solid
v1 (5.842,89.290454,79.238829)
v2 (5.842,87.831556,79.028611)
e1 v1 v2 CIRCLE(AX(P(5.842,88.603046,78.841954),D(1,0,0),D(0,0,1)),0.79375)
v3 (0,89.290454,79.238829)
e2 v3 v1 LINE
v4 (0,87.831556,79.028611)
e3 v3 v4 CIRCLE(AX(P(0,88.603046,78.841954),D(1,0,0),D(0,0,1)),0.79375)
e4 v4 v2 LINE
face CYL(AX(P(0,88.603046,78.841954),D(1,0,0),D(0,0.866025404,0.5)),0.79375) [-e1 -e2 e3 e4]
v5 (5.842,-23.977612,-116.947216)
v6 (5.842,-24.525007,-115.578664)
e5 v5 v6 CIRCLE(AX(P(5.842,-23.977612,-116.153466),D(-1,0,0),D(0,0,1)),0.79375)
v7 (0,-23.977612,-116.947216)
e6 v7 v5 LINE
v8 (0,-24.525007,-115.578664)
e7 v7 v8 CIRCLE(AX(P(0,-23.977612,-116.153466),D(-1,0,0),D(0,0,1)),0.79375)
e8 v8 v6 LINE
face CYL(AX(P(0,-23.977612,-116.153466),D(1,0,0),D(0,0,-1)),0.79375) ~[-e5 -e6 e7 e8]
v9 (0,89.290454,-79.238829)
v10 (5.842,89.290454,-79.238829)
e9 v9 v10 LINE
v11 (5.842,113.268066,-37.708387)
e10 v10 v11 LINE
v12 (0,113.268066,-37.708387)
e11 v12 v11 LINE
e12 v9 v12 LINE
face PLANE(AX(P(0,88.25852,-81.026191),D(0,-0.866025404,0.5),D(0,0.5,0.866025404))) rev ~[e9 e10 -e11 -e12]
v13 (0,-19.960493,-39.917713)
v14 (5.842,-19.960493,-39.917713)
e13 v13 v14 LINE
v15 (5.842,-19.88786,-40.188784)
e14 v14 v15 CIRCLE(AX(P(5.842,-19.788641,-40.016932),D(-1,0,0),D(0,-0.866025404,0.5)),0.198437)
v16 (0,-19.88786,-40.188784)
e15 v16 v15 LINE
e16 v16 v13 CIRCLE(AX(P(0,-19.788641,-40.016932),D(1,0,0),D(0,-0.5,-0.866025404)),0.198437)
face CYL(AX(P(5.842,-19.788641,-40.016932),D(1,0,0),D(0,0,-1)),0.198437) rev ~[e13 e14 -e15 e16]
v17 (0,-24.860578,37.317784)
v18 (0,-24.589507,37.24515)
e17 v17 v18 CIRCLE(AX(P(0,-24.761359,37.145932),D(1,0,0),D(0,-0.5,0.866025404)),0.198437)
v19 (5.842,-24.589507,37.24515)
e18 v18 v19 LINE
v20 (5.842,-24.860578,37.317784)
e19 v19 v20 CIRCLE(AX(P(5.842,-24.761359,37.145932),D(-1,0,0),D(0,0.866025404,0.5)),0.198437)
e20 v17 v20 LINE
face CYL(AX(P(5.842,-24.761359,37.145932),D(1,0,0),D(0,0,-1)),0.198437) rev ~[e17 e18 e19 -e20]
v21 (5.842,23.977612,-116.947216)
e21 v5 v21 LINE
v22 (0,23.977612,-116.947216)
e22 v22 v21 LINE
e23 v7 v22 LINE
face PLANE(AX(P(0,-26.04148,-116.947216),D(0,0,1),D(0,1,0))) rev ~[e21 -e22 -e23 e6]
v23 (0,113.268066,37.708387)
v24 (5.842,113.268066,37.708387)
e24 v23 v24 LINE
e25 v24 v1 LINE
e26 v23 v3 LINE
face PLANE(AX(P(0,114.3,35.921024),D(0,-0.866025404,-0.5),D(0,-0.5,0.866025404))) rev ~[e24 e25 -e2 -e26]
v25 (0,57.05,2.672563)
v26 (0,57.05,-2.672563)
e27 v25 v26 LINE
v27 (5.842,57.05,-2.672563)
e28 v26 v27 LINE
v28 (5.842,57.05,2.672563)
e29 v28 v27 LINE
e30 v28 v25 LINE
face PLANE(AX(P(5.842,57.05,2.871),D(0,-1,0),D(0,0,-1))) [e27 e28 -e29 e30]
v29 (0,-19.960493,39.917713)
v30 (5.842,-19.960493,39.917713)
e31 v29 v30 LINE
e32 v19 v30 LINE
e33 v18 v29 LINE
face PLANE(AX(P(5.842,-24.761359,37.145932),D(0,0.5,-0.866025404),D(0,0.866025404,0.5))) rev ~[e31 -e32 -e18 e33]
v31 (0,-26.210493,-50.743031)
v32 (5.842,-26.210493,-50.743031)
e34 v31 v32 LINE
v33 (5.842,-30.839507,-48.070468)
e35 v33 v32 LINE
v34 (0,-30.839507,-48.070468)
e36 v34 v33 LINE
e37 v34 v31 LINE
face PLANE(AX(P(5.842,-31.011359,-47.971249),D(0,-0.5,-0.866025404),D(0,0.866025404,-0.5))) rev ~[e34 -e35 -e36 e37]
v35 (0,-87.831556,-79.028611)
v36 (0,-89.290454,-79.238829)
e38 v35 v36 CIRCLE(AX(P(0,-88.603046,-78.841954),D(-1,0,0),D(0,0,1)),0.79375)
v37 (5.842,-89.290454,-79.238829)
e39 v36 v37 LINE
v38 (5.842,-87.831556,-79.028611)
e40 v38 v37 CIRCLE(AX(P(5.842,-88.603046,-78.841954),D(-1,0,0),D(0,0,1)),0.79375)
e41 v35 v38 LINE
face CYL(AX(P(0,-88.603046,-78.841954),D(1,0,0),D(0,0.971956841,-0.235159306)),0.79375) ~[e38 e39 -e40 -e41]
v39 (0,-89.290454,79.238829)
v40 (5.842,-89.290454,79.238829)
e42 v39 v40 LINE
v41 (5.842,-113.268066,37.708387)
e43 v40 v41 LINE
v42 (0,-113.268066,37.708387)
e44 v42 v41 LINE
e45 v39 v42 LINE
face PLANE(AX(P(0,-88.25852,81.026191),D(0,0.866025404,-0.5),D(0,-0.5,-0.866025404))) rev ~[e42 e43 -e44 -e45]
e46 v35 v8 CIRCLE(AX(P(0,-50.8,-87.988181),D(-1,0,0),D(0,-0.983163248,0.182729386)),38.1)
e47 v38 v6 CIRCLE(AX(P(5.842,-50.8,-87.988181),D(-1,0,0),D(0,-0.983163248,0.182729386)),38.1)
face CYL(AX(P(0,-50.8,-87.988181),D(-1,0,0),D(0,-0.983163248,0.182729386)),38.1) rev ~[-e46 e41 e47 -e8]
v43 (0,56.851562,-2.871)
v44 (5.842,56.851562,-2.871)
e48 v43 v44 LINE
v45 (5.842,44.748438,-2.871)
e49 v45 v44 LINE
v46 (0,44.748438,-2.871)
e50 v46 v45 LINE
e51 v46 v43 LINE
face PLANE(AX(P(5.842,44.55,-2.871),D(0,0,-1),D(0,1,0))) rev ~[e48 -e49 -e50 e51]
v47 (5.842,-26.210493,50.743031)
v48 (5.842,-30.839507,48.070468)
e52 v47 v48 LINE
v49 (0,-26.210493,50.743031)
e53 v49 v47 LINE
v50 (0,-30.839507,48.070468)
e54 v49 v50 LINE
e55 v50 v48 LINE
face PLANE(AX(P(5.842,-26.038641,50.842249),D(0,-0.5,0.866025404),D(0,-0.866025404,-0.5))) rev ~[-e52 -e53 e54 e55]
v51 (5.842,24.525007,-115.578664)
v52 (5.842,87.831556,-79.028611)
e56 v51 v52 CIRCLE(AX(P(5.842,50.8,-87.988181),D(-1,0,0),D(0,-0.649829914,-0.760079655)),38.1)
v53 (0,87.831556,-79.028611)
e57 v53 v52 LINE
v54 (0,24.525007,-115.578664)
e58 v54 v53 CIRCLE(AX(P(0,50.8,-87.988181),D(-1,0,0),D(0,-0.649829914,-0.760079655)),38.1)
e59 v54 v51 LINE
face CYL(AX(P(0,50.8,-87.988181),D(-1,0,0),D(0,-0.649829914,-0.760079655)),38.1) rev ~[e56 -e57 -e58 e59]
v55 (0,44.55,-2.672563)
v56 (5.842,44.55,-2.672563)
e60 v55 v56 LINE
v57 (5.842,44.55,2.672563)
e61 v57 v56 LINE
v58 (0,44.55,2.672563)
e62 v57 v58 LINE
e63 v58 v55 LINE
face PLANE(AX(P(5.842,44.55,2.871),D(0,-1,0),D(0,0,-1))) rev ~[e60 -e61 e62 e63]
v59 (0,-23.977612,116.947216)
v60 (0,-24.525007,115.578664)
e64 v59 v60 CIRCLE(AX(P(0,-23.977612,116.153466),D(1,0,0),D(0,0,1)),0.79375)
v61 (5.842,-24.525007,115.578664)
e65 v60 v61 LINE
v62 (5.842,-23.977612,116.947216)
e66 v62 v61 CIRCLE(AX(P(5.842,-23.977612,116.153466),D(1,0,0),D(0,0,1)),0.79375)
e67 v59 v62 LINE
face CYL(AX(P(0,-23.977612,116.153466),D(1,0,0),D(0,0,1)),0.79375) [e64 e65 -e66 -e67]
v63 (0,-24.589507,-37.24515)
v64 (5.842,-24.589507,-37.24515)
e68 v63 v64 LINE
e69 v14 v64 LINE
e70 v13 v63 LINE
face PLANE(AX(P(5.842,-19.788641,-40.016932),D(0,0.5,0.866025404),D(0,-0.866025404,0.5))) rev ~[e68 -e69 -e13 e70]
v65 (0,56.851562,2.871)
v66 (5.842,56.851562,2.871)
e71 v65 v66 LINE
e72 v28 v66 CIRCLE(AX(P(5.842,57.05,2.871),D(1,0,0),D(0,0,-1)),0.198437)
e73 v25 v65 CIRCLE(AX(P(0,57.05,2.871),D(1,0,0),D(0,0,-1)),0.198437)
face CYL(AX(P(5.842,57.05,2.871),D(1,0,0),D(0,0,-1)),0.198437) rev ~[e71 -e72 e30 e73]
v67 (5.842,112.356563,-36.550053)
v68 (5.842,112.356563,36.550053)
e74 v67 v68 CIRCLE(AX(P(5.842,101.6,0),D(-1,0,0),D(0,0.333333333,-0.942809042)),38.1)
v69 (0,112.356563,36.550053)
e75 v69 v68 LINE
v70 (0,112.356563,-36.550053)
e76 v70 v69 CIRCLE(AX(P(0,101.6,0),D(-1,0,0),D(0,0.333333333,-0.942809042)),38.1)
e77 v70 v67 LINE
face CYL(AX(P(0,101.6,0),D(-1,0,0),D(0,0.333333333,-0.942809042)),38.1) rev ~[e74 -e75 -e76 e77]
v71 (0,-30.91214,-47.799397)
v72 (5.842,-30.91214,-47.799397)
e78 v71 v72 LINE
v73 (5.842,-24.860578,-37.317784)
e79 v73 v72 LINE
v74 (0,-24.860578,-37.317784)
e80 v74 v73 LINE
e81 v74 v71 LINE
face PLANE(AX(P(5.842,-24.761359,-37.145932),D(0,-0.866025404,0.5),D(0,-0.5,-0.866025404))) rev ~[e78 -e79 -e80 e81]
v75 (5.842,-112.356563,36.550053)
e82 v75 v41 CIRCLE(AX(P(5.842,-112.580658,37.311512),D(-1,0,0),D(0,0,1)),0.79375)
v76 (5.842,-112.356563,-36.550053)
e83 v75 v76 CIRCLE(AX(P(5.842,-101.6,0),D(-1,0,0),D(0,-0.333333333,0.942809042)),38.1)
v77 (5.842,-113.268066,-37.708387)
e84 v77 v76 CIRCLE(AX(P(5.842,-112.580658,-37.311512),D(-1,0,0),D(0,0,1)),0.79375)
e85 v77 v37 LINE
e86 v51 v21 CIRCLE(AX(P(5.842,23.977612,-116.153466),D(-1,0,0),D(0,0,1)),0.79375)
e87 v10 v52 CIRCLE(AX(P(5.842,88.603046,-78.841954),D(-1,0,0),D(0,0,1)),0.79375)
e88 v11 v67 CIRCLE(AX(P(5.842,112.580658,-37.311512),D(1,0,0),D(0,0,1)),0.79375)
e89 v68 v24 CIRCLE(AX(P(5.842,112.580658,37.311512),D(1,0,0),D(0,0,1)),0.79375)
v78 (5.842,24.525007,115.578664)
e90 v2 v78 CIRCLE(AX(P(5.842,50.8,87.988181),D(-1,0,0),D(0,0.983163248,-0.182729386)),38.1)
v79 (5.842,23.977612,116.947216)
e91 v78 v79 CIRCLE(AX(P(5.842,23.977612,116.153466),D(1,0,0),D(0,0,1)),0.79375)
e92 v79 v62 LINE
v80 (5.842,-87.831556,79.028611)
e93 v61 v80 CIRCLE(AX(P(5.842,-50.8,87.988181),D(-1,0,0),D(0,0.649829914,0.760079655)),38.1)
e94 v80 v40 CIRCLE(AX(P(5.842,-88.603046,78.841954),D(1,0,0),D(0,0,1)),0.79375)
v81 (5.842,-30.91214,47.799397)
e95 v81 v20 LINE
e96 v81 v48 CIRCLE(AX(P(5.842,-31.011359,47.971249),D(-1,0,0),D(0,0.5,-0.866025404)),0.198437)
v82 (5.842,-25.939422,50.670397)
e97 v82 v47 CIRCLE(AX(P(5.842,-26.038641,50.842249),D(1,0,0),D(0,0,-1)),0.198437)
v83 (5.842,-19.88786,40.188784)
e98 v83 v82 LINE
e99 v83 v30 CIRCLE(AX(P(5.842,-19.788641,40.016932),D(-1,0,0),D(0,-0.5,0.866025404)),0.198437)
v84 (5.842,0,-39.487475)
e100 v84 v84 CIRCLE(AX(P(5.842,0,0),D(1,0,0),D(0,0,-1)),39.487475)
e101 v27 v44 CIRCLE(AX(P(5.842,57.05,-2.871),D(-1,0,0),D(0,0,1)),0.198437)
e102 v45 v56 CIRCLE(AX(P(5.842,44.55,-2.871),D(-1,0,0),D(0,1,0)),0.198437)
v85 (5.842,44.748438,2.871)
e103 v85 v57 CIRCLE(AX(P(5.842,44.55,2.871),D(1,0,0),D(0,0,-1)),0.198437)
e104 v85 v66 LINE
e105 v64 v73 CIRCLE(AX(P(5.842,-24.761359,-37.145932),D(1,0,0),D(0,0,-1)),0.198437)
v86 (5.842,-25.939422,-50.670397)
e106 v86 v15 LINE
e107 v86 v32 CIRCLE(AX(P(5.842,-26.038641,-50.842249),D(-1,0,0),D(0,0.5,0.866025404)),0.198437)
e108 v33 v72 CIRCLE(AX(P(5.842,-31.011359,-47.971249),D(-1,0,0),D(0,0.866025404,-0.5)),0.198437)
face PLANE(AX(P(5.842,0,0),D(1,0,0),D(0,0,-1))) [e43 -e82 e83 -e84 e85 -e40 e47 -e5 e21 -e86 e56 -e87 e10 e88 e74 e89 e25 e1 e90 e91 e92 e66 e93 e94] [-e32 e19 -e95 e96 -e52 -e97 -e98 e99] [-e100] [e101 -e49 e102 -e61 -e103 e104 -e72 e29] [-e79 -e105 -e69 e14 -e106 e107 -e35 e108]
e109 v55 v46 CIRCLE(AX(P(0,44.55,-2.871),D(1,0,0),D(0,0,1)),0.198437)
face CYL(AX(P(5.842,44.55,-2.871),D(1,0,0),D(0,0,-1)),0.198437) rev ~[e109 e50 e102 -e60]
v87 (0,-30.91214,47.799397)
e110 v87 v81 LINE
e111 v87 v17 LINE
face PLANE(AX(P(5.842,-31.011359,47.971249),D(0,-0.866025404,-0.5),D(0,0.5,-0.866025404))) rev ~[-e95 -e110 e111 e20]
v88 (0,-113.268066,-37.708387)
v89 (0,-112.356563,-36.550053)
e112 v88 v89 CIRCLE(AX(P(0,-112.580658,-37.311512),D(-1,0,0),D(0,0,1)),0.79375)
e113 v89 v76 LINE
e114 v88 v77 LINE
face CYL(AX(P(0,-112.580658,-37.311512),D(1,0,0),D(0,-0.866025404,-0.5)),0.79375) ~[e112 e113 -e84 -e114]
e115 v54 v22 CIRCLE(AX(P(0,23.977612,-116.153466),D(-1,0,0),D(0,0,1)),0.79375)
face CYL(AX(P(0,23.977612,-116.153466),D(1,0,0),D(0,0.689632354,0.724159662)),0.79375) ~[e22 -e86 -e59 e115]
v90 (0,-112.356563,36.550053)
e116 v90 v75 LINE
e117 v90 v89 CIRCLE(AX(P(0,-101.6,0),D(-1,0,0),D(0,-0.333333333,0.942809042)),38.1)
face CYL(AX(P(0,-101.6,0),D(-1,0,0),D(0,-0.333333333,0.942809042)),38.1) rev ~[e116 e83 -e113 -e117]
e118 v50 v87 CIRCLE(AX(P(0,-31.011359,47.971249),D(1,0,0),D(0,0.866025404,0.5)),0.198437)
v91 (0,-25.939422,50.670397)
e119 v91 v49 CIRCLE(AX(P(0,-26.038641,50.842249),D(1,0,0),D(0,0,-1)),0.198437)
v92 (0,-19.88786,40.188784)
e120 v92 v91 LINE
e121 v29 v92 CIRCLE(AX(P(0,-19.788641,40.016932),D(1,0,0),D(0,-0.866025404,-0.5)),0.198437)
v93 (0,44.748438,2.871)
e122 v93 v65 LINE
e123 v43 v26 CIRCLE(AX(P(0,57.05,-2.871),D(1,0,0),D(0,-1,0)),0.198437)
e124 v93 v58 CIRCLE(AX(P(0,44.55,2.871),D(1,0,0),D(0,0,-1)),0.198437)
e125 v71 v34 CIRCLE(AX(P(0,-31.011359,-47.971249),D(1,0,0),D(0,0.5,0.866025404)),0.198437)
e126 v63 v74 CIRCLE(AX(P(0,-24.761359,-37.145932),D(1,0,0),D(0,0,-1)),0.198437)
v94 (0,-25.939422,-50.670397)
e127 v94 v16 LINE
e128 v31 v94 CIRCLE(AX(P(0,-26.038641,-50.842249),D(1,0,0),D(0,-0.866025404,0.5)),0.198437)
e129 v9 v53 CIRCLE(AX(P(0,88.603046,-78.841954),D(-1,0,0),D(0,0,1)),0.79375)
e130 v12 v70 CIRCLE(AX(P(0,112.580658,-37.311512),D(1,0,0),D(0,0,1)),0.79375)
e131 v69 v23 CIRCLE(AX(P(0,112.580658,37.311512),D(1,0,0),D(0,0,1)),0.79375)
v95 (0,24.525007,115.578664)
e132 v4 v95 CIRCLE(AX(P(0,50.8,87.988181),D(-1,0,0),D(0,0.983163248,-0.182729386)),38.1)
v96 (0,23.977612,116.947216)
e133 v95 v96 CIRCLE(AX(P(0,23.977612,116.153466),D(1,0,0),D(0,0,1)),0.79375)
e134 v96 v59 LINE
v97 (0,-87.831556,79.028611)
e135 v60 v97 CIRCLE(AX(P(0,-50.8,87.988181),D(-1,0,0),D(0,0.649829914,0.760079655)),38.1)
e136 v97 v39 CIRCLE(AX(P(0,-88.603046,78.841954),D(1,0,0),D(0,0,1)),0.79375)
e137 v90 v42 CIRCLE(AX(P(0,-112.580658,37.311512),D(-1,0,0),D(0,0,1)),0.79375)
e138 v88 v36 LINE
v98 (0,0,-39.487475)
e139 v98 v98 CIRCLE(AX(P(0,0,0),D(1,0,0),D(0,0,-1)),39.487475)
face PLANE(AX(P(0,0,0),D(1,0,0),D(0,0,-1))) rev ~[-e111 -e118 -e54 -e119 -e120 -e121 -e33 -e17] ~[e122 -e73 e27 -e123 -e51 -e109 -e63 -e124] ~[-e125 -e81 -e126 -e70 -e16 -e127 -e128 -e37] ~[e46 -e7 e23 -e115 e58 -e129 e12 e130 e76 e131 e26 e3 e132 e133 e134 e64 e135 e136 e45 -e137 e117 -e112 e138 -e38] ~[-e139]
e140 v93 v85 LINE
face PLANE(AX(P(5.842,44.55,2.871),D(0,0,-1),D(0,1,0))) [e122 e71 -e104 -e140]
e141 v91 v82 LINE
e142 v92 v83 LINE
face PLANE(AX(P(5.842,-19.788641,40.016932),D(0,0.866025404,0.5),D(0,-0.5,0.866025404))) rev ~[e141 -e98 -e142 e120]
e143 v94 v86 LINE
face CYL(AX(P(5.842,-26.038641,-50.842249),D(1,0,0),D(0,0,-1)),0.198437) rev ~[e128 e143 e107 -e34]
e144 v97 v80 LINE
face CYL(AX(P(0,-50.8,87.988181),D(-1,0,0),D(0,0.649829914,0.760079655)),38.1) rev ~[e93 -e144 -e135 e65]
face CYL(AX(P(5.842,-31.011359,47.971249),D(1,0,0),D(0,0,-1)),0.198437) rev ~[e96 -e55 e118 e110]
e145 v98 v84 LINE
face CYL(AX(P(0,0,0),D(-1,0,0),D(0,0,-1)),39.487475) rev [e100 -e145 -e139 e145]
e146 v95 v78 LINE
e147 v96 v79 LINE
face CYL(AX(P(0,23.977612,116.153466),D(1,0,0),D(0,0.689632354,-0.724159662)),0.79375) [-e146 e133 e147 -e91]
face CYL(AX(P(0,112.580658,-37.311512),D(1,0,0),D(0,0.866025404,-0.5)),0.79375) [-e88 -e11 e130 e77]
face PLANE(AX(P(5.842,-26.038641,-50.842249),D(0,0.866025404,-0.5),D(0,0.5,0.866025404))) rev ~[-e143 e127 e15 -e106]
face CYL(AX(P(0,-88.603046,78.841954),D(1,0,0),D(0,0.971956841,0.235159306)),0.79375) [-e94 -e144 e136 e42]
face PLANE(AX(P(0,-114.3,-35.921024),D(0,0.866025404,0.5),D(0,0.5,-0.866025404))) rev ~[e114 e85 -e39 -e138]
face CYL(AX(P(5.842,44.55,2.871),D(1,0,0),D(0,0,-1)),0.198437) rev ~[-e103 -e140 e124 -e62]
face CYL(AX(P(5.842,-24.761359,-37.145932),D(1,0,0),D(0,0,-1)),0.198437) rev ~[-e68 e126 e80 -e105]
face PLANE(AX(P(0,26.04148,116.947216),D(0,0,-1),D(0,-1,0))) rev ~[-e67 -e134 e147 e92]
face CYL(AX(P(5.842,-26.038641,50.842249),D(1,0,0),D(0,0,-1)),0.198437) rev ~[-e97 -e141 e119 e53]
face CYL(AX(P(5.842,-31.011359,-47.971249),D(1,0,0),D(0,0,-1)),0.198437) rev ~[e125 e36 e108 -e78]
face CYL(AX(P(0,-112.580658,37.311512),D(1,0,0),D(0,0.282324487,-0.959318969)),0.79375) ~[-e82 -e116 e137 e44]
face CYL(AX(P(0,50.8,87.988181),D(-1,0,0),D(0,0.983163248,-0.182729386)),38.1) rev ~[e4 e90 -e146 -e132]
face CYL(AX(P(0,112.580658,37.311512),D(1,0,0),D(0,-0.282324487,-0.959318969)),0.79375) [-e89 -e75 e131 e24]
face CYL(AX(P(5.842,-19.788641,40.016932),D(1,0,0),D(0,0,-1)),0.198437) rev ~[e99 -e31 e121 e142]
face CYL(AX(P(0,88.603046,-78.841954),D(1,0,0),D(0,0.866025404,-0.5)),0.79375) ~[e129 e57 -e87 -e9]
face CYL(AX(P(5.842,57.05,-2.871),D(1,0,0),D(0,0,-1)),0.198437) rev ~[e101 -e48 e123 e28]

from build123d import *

# Parameters (mm, degrees)
SKETCH2_R           = 39.487475
BOSS_EXTRUDE1_DEPTH = 5.842
FILLET1_R           = 0.79375
SKETCH4_W           = 5.742
SKETCH4_H           = 12.5
CUT_EXTRUDE3_DEPTH  = 163.986308211
SKETCH5_R           = 0.1984375
CUT_EXTRUDE4_DEPTH  = 163.986308211


with BuildPart() as part:
    # Sketch2 → Boss-Extrude1 (new body)
    with BuildSketch(Plane(origin=(0, 0, 0), x_dir=(0, 0, -1), z_dir=(1, 0, 0))):
        with BuildLine():
            Line((81.02619141, 88.258519733), (35.921024484, 114.3))
            ThreePointArc((35.921024484, 114.3), (0, 63.5), (-35.921024484, 114.3))
            Line((-35.921024484, 114.3), (-81.02619141, 88.258519733))
            ThreePointArc((-81.02619141, 88.258519733), (-54.99261314, 31.75), (-116.947215895, 26.041480267))
            Line((-116.947215895, 26.041480267), (-116.947215895, -26.041480267))
            ThreePointArc((-116.947215895, -26.041480267), (-54.99261314, -31.75), (-81.02619141, -88.258519733))
            Line((-81.02619141, -88.258519733), (-35.921024484, -114.3))
            ThreePointArc((-35.921024484, -114.3), (0, -63.5), (35.921024484, -114.3))
            Line((35.921024484, -114.3), (81.02619141, -88.258519733))
            ThreePointArc((81.02619141, -88.258519733), (54.99261314, -31.75), (116.947215895, -26.041480267))
            Line((116.947215895, -26.041480267), (116.947215895, 26.041480267))
            ThreePointArc((116.947215895, 26.041480267), (54.99261314, 31.75), (81.02619141, 88.258519733))
        make_face()
        Circle(SKETCH2_R, mode=Mode.SUBTRACT)
    extrude(amount=BOSS_EXTRUDE1_DEPTH)

    # Fillet1
    fillet1_edges = [part.edges().sort_by_distance(p)[0] for p in [
        (2.921, 88.258519733, 81.02619141),
        (2.921, 114.3, 35.921024484),
        (2.921, 114.3, -35.921024484),
        (2.921, 88.258519733, -81.02619141),
        (2.921, 26.041480267, -116.947215895),
        (2.921, -26.041480267, -116.947215895),
        (2.921, -88.258519733, -81.02619141),
        (2.921, -114.3, -35.921024484),
        (2.921, -114.3, 35.921024484),
        (2.921, -88.258519733, 81.02619141),
        (2.921, -26.041480267, 116.947215895),
        (2.921, 26.041480267, 116.947215895),
    ]]
    fillet(fillet1_edges, radius=FILLET1_R)

    # Sketch4 → Cut-Extrude3 (cut, through all)
    with BuildSketch(Plane(origin=(5.842, 0, 0), x_dir=(0, 0, -1), z_dir=(1, 0, 0))):
        Polygon((47.971249286, -31.011358934), (50.842249286, -26.038641066), (40.016931739, -19.788641066), (37.145931739, -24.761358934), align=None)
        with Locations((0, 50.8)):
            Rectangle(SKETCH4_W, SKETCH4_H)
        Polygon((-50.842249286, -26.038641066), (-47.971249286, -31.011358934), (-37.145931739, -24.761358934), (-40.016931739, -19.788641066), align=None)
    extrude(amount=-CUT_EXTRUDE3_DEPTH, mode=Mode.SUBTRACT)

    # Sketch5 → Cut-Extrude4 (cut, through all)
    with BuildSketch(Plane(origin=(5.842, 0, 0), x_dir=(0, 0, -1), z_dir=(1, 0, 0))):
        with Locations((2.871, 57.05)):
            Circle(SKETCH5_R)
        with Locations((-2.871, 57.05)):
            Circle(SKETCH5_R)
        with Locations((-2.871, 44.55)):
            Circle(SKETCH5_R)
        with Locations((2.871, 44.55)):
            Circle(SKETCH5_R)
        with Locations((47.971249286, -31.011358934)):
            Circle(SKETCH5_R)
        with Locations((50.842249286, -26.038641066)):
            Circle(SKETCH5_R)
        with Locations((40.016931739, -19.788641066)):
            Circle(SKETCH5_R)
        with Locations((37.145931739, -24.761358934)):
            Circle(SKETCH5_R)
        with Locations((-50.842249286, -26.038641066)):
            Circle(SKETCH5_R)
        with Locations((-47.971249286, -31.011358934)):
            Circle(SKETCH5_R)
        with Locations((-37.145931739, -24.761358934)):
            Circle(SKETCH5_R)
        with Locations((-40.016931739, -19.788641066)):
            Circle(SKETCH5_R)
    extrude(amount=-CUT_EXTRUDE4_DEPTH, mode=Mode.SUBTRACT)


solid = part.part
